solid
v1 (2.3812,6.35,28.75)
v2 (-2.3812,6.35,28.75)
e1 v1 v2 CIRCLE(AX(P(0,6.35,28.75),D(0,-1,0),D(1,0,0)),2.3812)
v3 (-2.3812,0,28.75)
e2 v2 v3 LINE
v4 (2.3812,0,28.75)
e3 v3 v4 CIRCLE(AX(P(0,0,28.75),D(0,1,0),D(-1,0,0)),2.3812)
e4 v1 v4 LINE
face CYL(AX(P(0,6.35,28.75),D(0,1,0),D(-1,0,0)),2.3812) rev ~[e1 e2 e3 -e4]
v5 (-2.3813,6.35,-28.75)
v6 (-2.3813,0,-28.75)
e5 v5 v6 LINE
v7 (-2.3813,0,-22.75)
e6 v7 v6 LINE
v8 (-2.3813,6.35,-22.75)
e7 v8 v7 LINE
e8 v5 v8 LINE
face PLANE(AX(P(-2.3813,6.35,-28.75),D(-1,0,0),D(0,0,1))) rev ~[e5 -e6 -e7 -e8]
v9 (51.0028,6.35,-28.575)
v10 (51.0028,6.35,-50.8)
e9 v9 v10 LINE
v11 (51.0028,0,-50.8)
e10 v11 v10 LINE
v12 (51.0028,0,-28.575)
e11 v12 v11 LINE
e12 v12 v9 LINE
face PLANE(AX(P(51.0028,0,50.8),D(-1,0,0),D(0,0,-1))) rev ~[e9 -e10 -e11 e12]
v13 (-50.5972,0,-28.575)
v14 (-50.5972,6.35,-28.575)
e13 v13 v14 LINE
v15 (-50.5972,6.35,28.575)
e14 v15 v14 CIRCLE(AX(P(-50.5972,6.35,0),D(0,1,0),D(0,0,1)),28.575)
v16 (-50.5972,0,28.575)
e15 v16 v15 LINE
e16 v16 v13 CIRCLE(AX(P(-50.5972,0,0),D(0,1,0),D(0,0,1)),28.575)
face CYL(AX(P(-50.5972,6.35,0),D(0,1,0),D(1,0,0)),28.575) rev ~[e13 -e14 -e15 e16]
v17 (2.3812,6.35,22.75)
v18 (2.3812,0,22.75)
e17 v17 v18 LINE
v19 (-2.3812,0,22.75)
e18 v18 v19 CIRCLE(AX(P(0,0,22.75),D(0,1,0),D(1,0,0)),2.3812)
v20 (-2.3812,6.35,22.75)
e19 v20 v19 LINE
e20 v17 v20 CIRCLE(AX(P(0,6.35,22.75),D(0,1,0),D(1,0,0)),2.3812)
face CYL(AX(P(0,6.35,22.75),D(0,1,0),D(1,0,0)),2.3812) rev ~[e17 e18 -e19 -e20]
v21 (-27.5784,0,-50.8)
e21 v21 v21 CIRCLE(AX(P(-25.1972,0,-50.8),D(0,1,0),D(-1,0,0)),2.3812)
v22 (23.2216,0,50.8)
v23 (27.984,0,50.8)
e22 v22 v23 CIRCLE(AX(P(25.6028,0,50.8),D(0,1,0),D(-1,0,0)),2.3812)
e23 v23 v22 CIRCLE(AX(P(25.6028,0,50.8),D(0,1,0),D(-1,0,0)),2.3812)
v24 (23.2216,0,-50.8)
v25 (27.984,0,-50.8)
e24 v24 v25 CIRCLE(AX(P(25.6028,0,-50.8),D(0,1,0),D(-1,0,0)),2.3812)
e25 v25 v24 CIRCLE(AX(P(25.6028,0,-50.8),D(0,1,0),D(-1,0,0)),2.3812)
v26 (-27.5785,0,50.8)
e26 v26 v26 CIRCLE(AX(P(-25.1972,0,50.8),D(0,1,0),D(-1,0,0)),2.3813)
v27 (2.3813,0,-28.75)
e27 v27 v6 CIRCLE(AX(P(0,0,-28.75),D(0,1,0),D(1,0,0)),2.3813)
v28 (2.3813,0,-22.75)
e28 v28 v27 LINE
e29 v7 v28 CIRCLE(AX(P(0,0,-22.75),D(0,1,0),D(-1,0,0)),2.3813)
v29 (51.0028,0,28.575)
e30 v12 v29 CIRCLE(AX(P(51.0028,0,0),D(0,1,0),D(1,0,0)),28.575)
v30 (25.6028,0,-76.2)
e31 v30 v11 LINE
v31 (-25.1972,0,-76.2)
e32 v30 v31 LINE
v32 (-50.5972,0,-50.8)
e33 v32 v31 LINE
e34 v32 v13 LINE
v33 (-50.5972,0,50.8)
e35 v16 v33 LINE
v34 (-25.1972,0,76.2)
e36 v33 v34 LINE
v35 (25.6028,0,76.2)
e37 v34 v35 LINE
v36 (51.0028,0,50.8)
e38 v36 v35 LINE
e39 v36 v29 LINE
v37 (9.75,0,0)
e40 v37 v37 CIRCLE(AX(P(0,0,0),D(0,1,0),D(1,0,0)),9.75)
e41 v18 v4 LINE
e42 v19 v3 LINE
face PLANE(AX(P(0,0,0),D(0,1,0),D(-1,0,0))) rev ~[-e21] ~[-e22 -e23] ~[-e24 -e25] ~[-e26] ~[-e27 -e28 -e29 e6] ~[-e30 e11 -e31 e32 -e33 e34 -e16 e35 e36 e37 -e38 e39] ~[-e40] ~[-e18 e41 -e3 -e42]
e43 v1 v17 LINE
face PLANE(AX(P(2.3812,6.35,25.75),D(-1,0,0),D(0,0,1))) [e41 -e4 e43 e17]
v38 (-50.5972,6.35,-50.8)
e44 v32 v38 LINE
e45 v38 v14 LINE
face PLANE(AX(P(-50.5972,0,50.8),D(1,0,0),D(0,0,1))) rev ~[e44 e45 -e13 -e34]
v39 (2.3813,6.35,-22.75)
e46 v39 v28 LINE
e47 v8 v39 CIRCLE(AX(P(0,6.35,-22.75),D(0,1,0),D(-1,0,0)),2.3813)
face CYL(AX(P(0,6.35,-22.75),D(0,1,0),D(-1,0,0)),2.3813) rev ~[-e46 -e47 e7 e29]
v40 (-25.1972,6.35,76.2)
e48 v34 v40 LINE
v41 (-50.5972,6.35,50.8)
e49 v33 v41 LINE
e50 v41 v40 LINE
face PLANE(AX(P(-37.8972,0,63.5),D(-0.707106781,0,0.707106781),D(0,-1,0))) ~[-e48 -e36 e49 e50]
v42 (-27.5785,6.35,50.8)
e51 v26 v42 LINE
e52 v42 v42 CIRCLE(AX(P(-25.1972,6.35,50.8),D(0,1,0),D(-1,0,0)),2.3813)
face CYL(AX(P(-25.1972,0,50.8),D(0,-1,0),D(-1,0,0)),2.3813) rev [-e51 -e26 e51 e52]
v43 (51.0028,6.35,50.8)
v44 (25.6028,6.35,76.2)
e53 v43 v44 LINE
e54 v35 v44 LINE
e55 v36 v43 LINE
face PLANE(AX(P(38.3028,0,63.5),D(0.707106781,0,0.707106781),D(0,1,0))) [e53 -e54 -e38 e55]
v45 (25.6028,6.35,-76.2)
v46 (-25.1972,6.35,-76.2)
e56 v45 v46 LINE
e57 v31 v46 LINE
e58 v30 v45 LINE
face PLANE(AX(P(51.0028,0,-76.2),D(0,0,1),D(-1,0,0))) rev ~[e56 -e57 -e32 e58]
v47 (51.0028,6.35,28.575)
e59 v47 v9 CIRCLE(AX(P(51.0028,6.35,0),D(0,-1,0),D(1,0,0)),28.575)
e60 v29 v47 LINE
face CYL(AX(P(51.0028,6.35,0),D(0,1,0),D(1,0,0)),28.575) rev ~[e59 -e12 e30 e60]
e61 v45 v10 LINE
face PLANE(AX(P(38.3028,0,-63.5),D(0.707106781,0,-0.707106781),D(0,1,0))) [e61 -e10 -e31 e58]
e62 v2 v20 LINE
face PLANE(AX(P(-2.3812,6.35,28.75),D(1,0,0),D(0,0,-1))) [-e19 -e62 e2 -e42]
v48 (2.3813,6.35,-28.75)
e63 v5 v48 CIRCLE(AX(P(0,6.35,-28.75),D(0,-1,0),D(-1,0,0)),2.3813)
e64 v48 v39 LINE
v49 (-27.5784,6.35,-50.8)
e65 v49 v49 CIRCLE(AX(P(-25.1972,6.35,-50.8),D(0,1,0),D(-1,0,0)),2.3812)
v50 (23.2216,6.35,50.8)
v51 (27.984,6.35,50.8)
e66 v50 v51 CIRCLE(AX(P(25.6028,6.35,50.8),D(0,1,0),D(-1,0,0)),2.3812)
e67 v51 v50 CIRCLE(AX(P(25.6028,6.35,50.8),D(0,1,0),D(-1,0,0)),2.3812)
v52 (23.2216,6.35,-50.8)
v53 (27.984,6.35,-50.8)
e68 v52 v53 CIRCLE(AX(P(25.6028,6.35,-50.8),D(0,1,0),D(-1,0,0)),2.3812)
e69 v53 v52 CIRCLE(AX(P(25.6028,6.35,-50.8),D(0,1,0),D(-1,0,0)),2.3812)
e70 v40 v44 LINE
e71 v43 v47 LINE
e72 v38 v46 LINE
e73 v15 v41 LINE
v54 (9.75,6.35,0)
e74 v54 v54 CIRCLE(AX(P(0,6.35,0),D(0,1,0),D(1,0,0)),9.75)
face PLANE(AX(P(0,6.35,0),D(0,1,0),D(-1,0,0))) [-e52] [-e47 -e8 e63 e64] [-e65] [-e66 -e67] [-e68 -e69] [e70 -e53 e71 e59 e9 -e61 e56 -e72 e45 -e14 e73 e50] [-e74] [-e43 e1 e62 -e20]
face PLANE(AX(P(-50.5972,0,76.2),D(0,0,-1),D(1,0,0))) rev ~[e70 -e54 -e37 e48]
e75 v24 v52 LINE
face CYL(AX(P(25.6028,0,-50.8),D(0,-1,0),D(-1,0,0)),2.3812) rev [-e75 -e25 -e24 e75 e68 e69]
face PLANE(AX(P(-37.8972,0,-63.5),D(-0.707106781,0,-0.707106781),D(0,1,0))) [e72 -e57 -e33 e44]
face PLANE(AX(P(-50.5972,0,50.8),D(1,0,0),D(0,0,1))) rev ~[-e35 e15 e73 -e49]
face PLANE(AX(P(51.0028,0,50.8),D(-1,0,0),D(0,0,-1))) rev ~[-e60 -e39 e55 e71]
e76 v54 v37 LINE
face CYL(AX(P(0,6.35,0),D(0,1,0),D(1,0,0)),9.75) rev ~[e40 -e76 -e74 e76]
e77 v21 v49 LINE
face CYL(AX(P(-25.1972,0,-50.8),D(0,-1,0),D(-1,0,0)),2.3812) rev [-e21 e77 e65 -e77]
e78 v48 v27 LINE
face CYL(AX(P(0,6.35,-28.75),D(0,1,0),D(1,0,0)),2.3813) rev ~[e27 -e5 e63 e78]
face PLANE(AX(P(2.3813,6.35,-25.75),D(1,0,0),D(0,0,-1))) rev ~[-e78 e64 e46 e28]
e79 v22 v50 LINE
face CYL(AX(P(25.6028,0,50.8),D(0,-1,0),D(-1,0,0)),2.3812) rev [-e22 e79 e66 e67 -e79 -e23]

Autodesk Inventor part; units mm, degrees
ref_plane "YZ Plane" through (0, 0, 0) normal (1, 0, 0) x (0, 1, 0)
ref_plane "XZ Plane" through (0, 0, 0) normal (0, 1, 0) x (-1, 0, 0)
ref_plane "XY Plane" through (0, 0, 0) normal (0, 0, 1) x (1, 0, 0)
sketch "Sketch1" plane through (0, 0, 0) normal (0, 1, 0) x (-1, 0, 0)
  line L0 (-0.2028, 19.4) -> (-0.2028, 32.1) construction
  line L1 (-2.584, 19.4) -> (-2.584, 32.1)
  line L2 (2.1785, 32.1) -> (2.1785, 19.4)
  arc A0 (-2.584, 19.4) -> (2.1785, 19.4) centre (-0.2028, 19.4) ccw
  arc A1 (2.1785, 32.1) -> (-2.584, 32.1) centre (-0.2028, 32.1) ccw
  line L3 (-0.2028, -19.4) -> (-0.2028, -32.1) construction
  line L4 (-2.584, -19.4) -> (-2.584, -32.1)
  line L5 (2.1785, -32.1) -> (2.1785, -19.4)
  arc A2 (2.1785, -19.4) -> (-2.584, -19.4) centre (-0.2028, -19.4) ccw
  arc A3 (-2.584, -32.1) -> (2.1785, -32.1) centre (-0.2028, -32.1) ccw
  line L6 (-51.0028, -76.2) -> (50.5972, -76.2)
  line L7 (50.5972, -76.2) -> (50.5972, 76.2)
  line L8 (50.5972, 76.2) -> (-51.0028, 76.2)
  line L9 (-51.0028, 76.2) -> (-51.0028, -76.2)
  line L10 (-51.0028, -76.2) -> (50.5972, 76.2) construction
  line L11 (50.5972, -76.2) -> (-51.0028, 76.2) construction
  line L12 (50.5972, 76.2) -> (50.5972, 50.8)
  line L13 (50.5972, 50.8) -> (25.1972, 50.8)
  line L14 (-51.0028, 76.2) -> (-51.0028, 50.8)
  line L15 (-51.0028, 50.8) -> (-25.6028, 50.8)
  line L16 (50.5972, -76.2) -> (50.5972, -50.8)
  line L17 (50.5972, -50.8) -> (25.1972, -50.8)
  line L18 (-51.0028, -76.2) -> (-51.0028, -50.8)
  line L19 (-51.0028, -50.8) -> (-25.6028, -50.8)
  circle A4 centre (25.1972, 50.8) radius 2.3813
  circle A5 centre (25.1972, -50.8) radius 2.3812
  circle A6 centre (-25.6028, 50.8) radius 2.3812
  circle A7 centre (-25.6028, -50.8) radius 2.3812
  arc A8 (-2.584, 31.6606) -> (-2.584, -31.6606) centre (-0.2028, 0) ccw
  arc A9 (2.1785, -31.6606) -> (2.1785, 31.6606) centre (-0.2028, 0) ccw
  point P0 (0, 0)
  dimension "d7" = 101.6
  dimension "d8" = 152.4
  dimension "d9" = 25.4
  dimension "d10" = 25.4
  dimension "d11" = 25.4
  dimension "d12" = 25.4
  dimension "d13" = 25.4
  dimension "d14" = 25.4
  dimension "d15" = 25.4
  dimension "d16" = 25.4
  dimension "d17" = 4.7625
  dimension "d18" = 4.7625
  dimension "d19" = 4.7625
  dimension "d20" = 4.7625
extrude "Extrusion1" add sketch "Sketch1" along normal blind 6.35 contours A0 L2 A9 L5 A2 L4 A8 L1 | L9 L8 L7 L6
sketch "Sketch2" plane through (0, 6.35, 0) normal (0, 1, 0) x (1, 0, 0)
  circle A0 centre (0, 0) radius 9.75
  dimension "d23" = 19.5
extrude "Extrusion2" cut sketch "Sketch2" against normal blind 6.35
sketch "Sketch3" plane through (0, 6.35, 0) normal (0, 1, 0) x (1, 0, 0)
  line L0 (-6.6401, -37.7246) -> (10.2278, -37.7246)
  line L1 (10.2278, -37.7246) -> (10.2278, -15.7747)
  line L2 (10.2278, -15.7747) -> (-6.6401, -15.7747)
  line L3 (-6.6401, -15.7747) -> (-6.6401, -37.7246)
  line L4 (-9.2351, 15.4742) -> (5.254, 15.4742)
  line L5 (5.254, 15.4742) -> (5.254, 41.8573)
  line L6 (5.254, 41.8573) -> (-9.2351, 41.8573)
  line L7 (-9.2351, 41.8573) -> (-9.2351, 15.4742)
  point P0 (0, 0)
extrude "Extrusion3" add sketch "Sketch3" against normal blind 6.35
sketch "Sketch4" plane through (0, 6.35, 0) normal (0, 1, 0) x (1, 0, 0)
  circle A0 centre (0, 0) radius 31.75
  line L0 (0, -31.75) -> (0, -25.75)
  line L1 (0, 31.75) -> (0, 25.75)
  circle A1 centre (0, -25.75) radius 2.3812
  circle A2 centre (0, 25.75) radius 2.3813
  line L2 (0, -22.75) -> (0, -28.75) construction
  line L3 (2.3812, -22.75) -> (2.3812, -28.75)
  line L4 (-2.3812, -28.75) -> (-2.3812, -22.75)
  arc A3 (2.3812, -22.75) -> (-2.3812, -22.75) centre (0, -22.75) ccw
  arc A4 (-2.3812, -28.75) -> (2.3812, -28.75) centre (0, -28.75) ccw
  line L5 (0, 22.75) -> (0, 28.75) construction
  line L6 (2.3813, 22.75) -> (2.3813, 28.75)
  line L7 (-2.3813, 28.75) -> (-2.3813, 22.75)
  arc A5 (-2.3813, 22.75) -> (2.3813, 22.75) centre (0, 22.75) ccw
  arc A6 (2.3813, 28.75) -> (-2.3813, 28.75) centre (0, 28.75) ccw
  dimension "d28" = 63.5
  dimension "d29" = 6
  dimension "d30" = 6
  dimension "d31" = 4.7625
  dimension "d32" = 4.7625
extrude "Extrusion4" cut sketch "Sketch4" against normal blind 6.35 contours A6 L6 A2 L1 | L1 A2 L7 A6 | A4 L4 A1 L0 | L0 A1 L3 A4 | A2 | A1 | L6 A5 L7 A2 | L4 A3 L3 A1
chamfer "Chamfer1" distance 25.4 angle 45 4 edges at (-50.5972, 3.175, 76.2) (51.0028, 3.175, 76.2) (-50.5972, 3.175, -76.2) (51.0028, 3.175, -76.2)
sketch "Sketch5" plane through (0, 6.35, 0) normal (0, 1, 0) x (1, 0, 0)
  line L0 (-50.5972, 50.8) -> (-50.5972, -50.8) projected
  circle A0 centre (-50.5972, 0) radius 28.575
  line L1 (51.0028, -50.8) -> (51.0028, 50.8) projected
  circle A1 centre (51.0028, 0) radius 28.575
  point P0 (0, 0)
  dimension "d38" = 57.15
  dimension "d39" = 57.15
extrude "Extrusion5" cut sketch "Sketch5" against normal blind 6.35
properties part number "motor mount plate"
